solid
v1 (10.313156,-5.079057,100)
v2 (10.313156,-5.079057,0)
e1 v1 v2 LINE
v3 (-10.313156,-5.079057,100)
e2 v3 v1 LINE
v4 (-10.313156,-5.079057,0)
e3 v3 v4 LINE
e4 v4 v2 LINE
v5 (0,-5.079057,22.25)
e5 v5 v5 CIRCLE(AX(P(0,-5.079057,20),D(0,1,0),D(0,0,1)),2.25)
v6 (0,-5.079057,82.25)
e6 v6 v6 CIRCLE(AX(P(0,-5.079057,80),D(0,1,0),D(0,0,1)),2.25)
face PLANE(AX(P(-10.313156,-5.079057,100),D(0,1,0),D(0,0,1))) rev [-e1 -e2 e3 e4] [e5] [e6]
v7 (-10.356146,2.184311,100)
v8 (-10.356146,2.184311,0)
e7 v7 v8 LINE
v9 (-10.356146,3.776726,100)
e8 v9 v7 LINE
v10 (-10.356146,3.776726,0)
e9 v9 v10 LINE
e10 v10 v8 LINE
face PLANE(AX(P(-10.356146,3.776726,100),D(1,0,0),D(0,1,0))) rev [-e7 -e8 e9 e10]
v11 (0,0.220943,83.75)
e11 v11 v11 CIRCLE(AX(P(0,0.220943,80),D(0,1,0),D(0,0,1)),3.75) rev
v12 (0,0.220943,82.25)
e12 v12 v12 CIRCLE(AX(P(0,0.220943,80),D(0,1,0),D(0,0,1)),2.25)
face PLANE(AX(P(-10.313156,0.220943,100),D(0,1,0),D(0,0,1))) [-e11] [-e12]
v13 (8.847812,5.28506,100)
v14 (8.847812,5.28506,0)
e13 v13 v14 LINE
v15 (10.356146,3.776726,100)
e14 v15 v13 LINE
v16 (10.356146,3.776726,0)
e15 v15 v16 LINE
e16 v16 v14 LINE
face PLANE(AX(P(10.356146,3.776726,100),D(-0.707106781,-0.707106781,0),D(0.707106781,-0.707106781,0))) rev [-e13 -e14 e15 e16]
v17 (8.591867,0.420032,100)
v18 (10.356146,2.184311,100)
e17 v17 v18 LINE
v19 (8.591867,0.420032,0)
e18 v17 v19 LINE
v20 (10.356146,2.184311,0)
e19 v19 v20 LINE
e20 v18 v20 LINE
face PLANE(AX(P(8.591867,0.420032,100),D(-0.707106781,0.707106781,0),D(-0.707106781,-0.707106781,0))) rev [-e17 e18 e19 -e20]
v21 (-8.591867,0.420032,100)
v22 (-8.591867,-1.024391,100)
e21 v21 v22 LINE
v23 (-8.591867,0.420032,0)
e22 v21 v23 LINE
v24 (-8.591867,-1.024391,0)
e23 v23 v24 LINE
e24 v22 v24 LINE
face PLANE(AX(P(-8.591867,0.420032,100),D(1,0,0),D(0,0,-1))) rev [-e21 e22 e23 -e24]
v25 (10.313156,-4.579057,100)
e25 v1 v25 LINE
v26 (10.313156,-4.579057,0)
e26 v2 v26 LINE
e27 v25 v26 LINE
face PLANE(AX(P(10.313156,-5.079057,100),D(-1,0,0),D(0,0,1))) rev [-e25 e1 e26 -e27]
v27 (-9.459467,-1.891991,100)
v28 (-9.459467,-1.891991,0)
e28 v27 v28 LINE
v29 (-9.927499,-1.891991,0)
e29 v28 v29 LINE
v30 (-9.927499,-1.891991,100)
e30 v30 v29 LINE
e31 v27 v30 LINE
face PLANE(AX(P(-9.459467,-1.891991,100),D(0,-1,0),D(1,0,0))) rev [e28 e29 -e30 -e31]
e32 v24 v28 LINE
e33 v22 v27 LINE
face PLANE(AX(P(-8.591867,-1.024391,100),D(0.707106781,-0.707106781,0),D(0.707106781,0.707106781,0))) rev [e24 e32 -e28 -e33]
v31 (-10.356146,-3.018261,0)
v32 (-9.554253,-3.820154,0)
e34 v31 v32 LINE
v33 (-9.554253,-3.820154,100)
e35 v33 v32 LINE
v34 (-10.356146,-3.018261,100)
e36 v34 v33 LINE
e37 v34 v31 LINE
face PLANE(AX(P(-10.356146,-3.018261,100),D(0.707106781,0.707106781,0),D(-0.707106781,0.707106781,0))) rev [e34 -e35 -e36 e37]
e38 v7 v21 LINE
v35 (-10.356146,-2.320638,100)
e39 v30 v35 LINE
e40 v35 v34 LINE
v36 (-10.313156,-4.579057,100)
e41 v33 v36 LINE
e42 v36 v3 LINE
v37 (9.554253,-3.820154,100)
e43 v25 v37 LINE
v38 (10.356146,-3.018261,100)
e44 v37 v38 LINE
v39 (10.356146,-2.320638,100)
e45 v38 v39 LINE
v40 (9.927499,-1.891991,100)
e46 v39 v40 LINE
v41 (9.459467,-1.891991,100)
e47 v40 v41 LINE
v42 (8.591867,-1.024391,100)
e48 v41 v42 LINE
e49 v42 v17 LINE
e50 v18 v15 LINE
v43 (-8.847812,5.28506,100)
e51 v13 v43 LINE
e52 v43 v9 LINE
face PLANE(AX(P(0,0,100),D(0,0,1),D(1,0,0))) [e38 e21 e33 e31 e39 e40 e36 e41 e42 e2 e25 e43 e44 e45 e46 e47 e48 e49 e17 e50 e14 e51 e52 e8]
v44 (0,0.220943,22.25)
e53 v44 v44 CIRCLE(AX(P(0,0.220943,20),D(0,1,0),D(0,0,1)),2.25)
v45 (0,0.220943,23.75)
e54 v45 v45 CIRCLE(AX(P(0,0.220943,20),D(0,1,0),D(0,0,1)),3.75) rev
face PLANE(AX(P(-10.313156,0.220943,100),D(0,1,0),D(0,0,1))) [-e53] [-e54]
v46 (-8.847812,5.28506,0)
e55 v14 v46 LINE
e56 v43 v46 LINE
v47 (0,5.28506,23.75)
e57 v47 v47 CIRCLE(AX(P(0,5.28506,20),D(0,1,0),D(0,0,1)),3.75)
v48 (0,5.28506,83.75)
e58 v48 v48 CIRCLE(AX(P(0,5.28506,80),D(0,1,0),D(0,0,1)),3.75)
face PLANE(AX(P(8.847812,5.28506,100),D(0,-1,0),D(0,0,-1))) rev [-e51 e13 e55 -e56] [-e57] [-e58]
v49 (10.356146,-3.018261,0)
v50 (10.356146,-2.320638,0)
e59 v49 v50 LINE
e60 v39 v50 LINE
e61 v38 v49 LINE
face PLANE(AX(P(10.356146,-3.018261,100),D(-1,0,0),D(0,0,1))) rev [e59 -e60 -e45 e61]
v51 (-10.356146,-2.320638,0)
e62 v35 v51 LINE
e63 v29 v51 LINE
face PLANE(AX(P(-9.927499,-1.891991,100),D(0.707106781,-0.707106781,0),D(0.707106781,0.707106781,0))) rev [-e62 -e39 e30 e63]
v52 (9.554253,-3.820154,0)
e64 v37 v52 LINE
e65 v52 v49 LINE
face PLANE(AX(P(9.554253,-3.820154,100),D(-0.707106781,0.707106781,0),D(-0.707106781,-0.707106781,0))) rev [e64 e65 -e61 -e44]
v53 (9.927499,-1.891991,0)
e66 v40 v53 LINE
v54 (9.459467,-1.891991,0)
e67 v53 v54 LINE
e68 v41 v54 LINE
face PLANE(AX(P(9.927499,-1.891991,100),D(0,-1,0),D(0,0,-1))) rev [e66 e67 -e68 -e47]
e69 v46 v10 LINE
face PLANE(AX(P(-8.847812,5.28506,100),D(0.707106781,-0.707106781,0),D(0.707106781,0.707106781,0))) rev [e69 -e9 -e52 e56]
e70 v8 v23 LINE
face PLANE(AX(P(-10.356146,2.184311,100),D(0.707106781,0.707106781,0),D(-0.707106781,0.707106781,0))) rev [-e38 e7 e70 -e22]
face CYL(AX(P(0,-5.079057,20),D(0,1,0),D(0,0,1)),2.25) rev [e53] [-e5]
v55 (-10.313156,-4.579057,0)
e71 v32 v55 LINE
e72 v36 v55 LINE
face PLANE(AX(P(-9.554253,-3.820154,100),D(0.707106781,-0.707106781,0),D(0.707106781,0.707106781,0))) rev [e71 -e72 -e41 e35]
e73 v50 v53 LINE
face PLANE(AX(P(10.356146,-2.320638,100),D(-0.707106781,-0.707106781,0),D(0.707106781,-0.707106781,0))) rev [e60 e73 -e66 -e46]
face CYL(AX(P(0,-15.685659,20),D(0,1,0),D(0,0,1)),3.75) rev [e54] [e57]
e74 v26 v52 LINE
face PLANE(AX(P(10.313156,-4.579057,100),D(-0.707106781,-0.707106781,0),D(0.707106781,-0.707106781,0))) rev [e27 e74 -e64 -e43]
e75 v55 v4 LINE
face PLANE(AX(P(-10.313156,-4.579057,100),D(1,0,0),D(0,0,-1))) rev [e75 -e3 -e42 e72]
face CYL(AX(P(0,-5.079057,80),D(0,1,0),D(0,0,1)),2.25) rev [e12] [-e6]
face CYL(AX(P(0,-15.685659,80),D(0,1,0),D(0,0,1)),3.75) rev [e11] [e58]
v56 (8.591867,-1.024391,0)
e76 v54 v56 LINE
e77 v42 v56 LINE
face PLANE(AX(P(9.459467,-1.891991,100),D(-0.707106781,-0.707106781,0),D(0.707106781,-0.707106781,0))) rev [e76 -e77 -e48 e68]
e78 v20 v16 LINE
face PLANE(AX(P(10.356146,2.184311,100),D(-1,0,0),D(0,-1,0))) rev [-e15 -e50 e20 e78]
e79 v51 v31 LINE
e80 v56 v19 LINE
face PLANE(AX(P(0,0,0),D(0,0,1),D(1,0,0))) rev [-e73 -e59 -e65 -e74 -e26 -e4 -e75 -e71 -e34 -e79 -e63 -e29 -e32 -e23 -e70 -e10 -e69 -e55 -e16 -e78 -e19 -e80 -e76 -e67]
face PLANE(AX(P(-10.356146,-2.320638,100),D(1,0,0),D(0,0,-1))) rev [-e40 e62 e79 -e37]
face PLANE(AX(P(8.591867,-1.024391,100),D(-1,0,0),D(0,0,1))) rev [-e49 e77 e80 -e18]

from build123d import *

# Parameters (mm, degrees)
BOSS_EXTRUDE1_DEPTH = 100
SKETCH2_R           = 3.75
CUT_EXTRUDE1_DEPTH  = 5.064116728
SKETCH3_R           = 2.25
CUT_EXTRUDE2_DEPTH  = 101.674424562


with BuildPart() as part:
    # Sketch1 → Boss-Extrude1 (new body)
    with BuildSketch(Plane.XY):
        Polygon((-10.313155992, -4.579057074), (-10.313155992, -5.079057074), (10.313155992, -5.079057074), (10.313155992, -4.579057074), (9.554252946, -3.820154028), (10.356146045, -3.018260929), (10.356146045, -2.320637728), (9.927498969, -1.891990652), (9.459466628, -1.891990652), (8.591867013, -1.024391036), (8.591867013, 0.420032401), (10.356146045, 2.184311433), (10.356146045, 3.776726056), (8.847812446, 5.285059654), (-8.847812446, 5.285059654), (-10.356146045, 3.776726056), (-10.356146045, 2.184311433), (-8.591867013, 0.420032401), (-8.591867013, -1.024391036), (-9.459466628, -1.891990652), (-9.927498969, -1.891990652), (-10.356146045, -2.320637728), (-10.356146045, -3.018260929), (-9.554252946, -3.820154028), align=None)
    extrude(amount=BOSS_EXTRUDE1_DEPTH)

    # Sketch2 → Cut-Extrude1 (cut)
    with BuildSketch(Plane(origin=(0, 5.285059654, 0), x_dir=(1, 0, 0), z_dir=(0, 1, 0))):
        with Locations(Location((0, -20, 0), (0, 0, 270))):
            Circle(SKETCH2_R)
        with Locations(Location((0, -80, 0), (0, 0, 270))):
            Circle(SKETCH2_R)
    extrude(amount=-CUT_EXTRUDE1_DEPTH, mode=Mode.SUBTRACT)

    # Sketch3 → Cut-Extrude2 (cut, through all)
    with BuildSketch(Plane(origin=(0, 0.220942926, 0), x_dir=(1, 0, 0), z_dir=(0, 1, 0))):
        with Locations(Location((0, -20, 0), (0, 0, 270))):
            Circle(SKETCH3_R)
        with Locations(Location((0, -80, 0), (0, 0, 270))):
            Circle(SKETCH3_R)
    extrude(amount=-CUT_EXTRUDE2_DEPTH, mode=Mode.SUBTRACT)


solid = part.part
